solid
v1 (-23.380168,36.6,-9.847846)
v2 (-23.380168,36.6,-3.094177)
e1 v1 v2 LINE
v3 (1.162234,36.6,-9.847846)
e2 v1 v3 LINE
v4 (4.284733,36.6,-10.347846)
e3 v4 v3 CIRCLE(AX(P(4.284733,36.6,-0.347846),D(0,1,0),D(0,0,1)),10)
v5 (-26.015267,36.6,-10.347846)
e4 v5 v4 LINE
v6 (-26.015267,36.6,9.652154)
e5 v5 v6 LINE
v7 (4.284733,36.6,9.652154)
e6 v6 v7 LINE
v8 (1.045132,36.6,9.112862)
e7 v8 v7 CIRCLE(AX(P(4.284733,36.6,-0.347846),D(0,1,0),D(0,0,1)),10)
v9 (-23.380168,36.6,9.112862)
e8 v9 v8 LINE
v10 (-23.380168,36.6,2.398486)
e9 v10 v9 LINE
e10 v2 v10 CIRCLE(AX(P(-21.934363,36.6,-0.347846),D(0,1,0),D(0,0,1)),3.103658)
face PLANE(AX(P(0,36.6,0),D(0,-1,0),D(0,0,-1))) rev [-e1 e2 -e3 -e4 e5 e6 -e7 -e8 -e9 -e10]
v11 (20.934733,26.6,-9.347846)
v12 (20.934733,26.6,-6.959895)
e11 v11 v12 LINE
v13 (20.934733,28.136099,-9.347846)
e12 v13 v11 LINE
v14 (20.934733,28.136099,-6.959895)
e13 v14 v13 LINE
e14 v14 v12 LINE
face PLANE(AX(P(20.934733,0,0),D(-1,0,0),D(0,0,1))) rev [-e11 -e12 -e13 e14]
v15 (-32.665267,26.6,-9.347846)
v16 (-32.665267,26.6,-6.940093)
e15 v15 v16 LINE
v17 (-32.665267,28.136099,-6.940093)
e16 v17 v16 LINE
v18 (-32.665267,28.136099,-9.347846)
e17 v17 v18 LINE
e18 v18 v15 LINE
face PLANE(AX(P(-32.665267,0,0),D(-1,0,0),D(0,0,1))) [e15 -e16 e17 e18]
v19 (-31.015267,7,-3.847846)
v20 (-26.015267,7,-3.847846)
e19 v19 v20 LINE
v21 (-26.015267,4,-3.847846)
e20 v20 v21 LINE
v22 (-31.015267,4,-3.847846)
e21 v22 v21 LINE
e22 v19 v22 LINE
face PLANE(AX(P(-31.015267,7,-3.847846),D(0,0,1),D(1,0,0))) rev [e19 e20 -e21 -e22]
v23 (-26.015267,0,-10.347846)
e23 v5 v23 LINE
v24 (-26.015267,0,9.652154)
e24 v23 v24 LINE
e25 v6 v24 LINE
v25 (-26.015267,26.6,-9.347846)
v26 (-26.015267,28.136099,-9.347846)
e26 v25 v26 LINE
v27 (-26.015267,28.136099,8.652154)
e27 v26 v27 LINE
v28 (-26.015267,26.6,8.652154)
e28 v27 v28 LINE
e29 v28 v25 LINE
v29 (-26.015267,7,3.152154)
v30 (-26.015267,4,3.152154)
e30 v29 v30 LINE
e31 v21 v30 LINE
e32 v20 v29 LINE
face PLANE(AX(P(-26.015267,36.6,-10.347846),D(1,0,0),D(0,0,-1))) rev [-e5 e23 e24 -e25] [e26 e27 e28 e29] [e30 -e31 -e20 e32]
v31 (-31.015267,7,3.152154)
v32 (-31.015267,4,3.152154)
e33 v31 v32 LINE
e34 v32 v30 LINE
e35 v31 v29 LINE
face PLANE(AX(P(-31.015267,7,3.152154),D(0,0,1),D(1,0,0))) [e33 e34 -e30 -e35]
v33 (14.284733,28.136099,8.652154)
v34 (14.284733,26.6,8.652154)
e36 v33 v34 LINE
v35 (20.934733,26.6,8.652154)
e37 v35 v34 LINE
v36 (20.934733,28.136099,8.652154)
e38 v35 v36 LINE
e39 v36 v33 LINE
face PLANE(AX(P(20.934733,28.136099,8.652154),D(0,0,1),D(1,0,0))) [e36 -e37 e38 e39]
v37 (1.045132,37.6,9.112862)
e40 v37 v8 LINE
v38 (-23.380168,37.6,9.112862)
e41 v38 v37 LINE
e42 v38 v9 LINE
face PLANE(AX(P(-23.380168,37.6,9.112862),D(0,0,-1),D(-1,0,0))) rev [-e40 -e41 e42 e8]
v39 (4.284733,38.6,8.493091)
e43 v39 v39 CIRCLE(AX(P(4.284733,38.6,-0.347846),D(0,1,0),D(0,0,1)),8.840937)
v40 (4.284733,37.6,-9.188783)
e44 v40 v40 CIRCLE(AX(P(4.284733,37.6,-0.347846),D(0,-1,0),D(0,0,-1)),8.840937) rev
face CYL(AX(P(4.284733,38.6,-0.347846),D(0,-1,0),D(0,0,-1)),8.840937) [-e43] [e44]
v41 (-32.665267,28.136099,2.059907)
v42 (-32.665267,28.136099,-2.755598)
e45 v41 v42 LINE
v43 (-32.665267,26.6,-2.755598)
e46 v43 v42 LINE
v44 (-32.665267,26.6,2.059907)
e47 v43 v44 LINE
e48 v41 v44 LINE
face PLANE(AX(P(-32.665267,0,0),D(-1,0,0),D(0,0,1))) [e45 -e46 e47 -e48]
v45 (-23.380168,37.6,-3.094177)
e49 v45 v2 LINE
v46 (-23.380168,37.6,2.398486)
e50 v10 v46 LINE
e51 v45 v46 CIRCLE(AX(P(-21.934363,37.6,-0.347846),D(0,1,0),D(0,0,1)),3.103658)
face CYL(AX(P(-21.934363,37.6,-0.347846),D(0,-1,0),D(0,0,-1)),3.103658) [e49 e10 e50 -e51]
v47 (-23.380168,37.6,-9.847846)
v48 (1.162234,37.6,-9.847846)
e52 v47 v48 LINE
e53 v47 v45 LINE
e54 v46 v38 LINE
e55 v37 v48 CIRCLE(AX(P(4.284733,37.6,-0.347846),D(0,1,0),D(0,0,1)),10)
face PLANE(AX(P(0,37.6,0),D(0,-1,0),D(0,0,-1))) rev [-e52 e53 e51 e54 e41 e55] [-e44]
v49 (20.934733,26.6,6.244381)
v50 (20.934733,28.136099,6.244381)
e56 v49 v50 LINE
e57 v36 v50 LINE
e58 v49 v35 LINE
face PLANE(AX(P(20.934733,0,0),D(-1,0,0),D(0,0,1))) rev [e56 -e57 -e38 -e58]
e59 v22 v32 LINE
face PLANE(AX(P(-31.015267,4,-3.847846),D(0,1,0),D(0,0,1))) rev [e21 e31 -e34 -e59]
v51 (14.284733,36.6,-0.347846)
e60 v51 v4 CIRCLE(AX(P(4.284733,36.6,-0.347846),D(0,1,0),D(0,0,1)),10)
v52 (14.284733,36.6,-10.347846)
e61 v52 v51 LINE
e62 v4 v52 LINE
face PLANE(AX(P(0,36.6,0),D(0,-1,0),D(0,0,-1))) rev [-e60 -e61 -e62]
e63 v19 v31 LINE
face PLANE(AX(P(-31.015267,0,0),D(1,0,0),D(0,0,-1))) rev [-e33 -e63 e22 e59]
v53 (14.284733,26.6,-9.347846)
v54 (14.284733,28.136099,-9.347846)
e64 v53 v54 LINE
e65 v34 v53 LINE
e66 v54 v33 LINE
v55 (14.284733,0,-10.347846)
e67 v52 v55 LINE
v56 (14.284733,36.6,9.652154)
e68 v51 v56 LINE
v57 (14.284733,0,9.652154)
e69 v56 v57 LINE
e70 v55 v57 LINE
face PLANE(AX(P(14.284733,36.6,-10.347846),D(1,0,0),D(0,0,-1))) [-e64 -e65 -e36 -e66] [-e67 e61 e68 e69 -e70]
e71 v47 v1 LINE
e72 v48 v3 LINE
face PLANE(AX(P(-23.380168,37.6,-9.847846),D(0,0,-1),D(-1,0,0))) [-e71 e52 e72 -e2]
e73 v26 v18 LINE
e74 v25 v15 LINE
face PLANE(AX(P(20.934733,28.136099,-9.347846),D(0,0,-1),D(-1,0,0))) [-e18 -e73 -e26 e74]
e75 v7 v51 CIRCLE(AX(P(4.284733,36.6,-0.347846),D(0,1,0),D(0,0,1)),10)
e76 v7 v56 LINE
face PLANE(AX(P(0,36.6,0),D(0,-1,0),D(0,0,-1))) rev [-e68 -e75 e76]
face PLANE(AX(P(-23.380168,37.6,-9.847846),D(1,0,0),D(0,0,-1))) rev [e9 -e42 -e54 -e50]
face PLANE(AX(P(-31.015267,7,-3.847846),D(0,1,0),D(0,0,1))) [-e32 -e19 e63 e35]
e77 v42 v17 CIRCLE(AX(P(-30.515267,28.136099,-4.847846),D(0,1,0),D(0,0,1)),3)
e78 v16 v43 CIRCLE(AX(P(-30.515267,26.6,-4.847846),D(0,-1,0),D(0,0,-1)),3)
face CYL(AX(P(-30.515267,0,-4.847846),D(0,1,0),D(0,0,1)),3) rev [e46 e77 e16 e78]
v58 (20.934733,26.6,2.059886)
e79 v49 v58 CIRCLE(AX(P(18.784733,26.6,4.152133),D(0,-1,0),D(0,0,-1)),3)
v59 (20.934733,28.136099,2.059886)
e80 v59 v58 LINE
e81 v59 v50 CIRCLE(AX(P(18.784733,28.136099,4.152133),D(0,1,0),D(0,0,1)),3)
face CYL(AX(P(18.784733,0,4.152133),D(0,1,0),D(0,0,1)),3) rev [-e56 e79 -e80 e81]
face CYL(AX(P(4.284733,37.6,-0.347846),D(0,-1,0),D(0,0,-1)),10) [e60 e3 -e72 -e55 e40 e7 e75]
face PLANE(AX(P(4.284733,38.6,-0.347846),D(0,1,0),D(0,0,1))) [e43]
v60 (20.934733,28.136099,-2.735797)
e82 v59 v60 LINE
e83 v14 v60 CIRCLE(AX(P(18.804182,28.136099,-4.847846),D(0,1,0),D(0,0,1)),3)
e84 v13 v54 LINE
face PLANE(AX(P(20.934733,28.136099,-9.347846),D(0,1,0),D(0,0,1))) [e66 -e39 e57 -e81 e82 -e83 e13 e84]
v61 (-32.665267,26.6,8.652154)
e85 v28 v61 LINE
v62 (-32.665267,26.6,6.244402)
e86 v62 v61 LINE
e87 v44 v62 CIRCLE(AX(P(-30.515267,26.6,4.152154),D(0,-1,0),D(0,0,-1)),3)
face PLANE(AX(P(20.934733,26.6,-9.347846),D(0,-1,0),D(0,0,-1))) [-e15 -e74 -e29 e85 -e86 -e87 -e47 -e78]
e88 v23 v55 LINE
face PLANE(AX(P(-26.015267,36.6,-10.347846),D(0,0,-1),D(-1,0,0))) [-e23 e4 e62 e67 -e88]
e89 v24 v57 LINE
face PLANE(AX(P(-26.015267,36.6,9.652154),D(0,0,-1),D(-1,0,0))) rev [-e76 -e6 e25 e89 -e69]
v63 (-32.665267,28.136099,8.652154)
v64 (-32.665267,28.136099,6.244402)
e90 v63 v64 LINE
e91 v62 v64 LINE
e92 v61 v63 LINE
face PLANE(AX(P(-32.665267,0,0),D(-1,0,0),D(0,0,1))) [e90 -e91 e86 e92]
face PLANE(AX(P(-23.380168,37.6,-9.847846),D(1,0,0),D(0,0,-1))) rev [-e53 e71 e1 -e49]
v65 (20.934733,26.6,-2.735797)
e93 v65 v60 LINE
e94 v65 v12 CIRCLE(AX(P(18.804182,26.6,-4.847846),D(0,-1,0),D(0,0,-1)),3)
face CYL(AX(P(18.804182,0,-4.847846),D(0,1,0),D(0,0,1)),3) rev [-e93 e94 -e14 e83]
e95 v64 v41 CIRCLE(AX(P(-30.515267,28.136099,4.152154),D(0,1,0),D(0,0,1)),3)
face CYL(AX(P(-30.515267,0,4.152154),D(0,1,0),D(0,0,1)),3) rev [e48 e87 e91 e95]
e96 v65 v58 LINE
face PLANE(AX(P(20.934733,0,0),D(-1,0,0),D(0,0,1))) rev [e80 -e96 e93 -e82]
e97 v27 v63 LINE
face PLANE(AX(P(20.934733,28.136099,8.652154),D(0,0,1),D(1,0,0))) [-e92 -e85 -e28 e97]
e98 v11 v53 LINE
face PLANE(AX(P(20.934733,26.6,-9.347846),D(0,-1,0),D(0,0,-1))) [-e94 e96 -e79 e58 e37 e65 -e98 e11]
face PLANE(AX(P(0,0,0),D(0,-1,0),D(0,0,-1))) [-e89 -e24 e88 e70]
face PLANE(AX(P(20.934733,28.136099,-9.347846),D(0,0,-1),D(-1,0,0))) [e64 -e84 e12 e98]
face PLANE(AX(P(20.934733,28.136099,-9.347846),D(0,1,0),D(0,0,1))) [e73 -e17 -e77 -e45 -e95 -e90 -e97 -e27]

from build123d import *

# Parameters (mm, degrees)
SKETCH1_W                = 40.3
SKETCH1_H                = 20
BOSS_EXTRUDE1_DEPTH      = 36.6
SKETCH5_R                = 10
SKETCH5_R_2              = 3.103657719
SKETCH5_W                = 24.542402665
SKETCH5_H                = 18.960707226
BOSS_EXTRUDE4_DEPTH      = 1
SKETCH7_R                = 8.840936892
BOSS_EXTRUDE5_DEPTH      = 1
BOSS_EXTRUDE7_DEPTH      = 6.65
BOSS_EXTRUDE7_DEPTH_BACK = 46.95
SKETCH8_W                = 18
SKETCH8_H                = 1.536098692
SKETCH10_R               = 3
CUT_EXTRUDE2_DEPTH       = 45.336639532
SKETCH12_R               = 3
CUT_EXTRUDE3_DEPTH       = 45.336639532
SKETCH16_W               = 7
SKETCH16_H               = 3
BOSS_EXTRUDE8_DEPTH      = 5


with BuildPart() as part:
    # Sketch1 → Boss-Extrude1 (new body)
    with BuildSketch(Plane(origin=(0, 0, 0), x_dir=(1, 0, 0), z_dir=(0, 1, 0))):
        with Locations((-5.865266654, 0.347845658)):
            Rectangle(SKETCH1_W, SKETCH1_H)
    extrude(amount=BOSS_EXTRUDE1_DEPTH)

    # Sketch5 → Boss-Extrude4 (add)
    with BuildSketch(Plane(origin=(0, 36.6, 0), x_dir=(1, 0, 0), z_dir=(0, 1, 0))):
        with Locations((4.284733346, 0.347845658)):
            Circle(SKETCH5_R)
        with Locations((-21.934362756, 0.347845658)):
            Circle(SKETCH5_R_2)
        with Locations((-11.108966986, 0.367492045)):
            Rectangle(SKETCH5_W, SKETCH5_H)
    extrude(amount=BOSS_EXTRUDE4_DEPTH)

    # Sketch7 → Boss-Extrude5 (add)
    with BuildSketch(Plane(origin=(0, 37.6, 0), x_dir=(1, 0, 0), z_dir=(0, 1, 0))):
        with Locations(Location((4.284733346, 0.347845658, 0), (0, 0, 90))):
            Circle(SKETCH7_R)
    extrude(amount=BOSS_EXTRUDE5_DEPTH)

    # Sketch8 → Boss-Extrude7 (add, two sides: drawn at the far end of the back side and taken through both)
    with BuildSketch(Plane.ZY.offset(26.015266654).offset(-BOSS_EXTRUDE7_DEPTH_BACK)):
        with Locations((-0.347845658, 27.368049346)):
            Rectangle(SKETCH8_W, SKETCH8_H)
    extrude(amount=BOSS_EXTRUDE7_DEPTH + BOSS_EXTRUDE7_DEPTH_BACK)

    # Sketch10 → Cut-Extrude2 (cut, through all)
    with BuildSketch(Plane(origin=(0, 28.136098692, 0), x_dir=(1, 0, 0), z_dir=(0, 1, 0))):
        with Locations((18.80418216, 4.847845658)):
            Circle(SKETCH10_R)
        with Locations((18.784733346, -4.152133328)):
            Circle(SKETCH10_R)
    extrude(amount=-CUT_EXTRUDE2_DEPTH, mode=Mode.SUBTRACT)

    # Sketch12 → Cut-Extrude3 (cut, through all)
    with BuildSketch(Plane(origin=(0, 28.136098692, 0), x_dir=(1, 0, 0), z_dir=(0, 1, 0))):
        with Locations((-30.515266654, 4.847845658)):
            Circle(SKETCH12_R)
        with Locations((-30.515266654, -4.152154342)):
            Circle(SKETCH12_R)
    extrude(amount=-CUT_EXTRUDE3_DEPTH, mode=Mode.SUBTRACT)

    # Sketch16 → Boss-Extrude8 (add)
    with BuildSketch(Plane.ZY.offset(26.015266654)):
        with Locations((-0.347845658, 5.5)):
            Rectangle(SKETCH16_W, SKETCH16_H)
    extrude(amount=BOSS_EXTRUDE8_DEPTH)


solid = part.part
